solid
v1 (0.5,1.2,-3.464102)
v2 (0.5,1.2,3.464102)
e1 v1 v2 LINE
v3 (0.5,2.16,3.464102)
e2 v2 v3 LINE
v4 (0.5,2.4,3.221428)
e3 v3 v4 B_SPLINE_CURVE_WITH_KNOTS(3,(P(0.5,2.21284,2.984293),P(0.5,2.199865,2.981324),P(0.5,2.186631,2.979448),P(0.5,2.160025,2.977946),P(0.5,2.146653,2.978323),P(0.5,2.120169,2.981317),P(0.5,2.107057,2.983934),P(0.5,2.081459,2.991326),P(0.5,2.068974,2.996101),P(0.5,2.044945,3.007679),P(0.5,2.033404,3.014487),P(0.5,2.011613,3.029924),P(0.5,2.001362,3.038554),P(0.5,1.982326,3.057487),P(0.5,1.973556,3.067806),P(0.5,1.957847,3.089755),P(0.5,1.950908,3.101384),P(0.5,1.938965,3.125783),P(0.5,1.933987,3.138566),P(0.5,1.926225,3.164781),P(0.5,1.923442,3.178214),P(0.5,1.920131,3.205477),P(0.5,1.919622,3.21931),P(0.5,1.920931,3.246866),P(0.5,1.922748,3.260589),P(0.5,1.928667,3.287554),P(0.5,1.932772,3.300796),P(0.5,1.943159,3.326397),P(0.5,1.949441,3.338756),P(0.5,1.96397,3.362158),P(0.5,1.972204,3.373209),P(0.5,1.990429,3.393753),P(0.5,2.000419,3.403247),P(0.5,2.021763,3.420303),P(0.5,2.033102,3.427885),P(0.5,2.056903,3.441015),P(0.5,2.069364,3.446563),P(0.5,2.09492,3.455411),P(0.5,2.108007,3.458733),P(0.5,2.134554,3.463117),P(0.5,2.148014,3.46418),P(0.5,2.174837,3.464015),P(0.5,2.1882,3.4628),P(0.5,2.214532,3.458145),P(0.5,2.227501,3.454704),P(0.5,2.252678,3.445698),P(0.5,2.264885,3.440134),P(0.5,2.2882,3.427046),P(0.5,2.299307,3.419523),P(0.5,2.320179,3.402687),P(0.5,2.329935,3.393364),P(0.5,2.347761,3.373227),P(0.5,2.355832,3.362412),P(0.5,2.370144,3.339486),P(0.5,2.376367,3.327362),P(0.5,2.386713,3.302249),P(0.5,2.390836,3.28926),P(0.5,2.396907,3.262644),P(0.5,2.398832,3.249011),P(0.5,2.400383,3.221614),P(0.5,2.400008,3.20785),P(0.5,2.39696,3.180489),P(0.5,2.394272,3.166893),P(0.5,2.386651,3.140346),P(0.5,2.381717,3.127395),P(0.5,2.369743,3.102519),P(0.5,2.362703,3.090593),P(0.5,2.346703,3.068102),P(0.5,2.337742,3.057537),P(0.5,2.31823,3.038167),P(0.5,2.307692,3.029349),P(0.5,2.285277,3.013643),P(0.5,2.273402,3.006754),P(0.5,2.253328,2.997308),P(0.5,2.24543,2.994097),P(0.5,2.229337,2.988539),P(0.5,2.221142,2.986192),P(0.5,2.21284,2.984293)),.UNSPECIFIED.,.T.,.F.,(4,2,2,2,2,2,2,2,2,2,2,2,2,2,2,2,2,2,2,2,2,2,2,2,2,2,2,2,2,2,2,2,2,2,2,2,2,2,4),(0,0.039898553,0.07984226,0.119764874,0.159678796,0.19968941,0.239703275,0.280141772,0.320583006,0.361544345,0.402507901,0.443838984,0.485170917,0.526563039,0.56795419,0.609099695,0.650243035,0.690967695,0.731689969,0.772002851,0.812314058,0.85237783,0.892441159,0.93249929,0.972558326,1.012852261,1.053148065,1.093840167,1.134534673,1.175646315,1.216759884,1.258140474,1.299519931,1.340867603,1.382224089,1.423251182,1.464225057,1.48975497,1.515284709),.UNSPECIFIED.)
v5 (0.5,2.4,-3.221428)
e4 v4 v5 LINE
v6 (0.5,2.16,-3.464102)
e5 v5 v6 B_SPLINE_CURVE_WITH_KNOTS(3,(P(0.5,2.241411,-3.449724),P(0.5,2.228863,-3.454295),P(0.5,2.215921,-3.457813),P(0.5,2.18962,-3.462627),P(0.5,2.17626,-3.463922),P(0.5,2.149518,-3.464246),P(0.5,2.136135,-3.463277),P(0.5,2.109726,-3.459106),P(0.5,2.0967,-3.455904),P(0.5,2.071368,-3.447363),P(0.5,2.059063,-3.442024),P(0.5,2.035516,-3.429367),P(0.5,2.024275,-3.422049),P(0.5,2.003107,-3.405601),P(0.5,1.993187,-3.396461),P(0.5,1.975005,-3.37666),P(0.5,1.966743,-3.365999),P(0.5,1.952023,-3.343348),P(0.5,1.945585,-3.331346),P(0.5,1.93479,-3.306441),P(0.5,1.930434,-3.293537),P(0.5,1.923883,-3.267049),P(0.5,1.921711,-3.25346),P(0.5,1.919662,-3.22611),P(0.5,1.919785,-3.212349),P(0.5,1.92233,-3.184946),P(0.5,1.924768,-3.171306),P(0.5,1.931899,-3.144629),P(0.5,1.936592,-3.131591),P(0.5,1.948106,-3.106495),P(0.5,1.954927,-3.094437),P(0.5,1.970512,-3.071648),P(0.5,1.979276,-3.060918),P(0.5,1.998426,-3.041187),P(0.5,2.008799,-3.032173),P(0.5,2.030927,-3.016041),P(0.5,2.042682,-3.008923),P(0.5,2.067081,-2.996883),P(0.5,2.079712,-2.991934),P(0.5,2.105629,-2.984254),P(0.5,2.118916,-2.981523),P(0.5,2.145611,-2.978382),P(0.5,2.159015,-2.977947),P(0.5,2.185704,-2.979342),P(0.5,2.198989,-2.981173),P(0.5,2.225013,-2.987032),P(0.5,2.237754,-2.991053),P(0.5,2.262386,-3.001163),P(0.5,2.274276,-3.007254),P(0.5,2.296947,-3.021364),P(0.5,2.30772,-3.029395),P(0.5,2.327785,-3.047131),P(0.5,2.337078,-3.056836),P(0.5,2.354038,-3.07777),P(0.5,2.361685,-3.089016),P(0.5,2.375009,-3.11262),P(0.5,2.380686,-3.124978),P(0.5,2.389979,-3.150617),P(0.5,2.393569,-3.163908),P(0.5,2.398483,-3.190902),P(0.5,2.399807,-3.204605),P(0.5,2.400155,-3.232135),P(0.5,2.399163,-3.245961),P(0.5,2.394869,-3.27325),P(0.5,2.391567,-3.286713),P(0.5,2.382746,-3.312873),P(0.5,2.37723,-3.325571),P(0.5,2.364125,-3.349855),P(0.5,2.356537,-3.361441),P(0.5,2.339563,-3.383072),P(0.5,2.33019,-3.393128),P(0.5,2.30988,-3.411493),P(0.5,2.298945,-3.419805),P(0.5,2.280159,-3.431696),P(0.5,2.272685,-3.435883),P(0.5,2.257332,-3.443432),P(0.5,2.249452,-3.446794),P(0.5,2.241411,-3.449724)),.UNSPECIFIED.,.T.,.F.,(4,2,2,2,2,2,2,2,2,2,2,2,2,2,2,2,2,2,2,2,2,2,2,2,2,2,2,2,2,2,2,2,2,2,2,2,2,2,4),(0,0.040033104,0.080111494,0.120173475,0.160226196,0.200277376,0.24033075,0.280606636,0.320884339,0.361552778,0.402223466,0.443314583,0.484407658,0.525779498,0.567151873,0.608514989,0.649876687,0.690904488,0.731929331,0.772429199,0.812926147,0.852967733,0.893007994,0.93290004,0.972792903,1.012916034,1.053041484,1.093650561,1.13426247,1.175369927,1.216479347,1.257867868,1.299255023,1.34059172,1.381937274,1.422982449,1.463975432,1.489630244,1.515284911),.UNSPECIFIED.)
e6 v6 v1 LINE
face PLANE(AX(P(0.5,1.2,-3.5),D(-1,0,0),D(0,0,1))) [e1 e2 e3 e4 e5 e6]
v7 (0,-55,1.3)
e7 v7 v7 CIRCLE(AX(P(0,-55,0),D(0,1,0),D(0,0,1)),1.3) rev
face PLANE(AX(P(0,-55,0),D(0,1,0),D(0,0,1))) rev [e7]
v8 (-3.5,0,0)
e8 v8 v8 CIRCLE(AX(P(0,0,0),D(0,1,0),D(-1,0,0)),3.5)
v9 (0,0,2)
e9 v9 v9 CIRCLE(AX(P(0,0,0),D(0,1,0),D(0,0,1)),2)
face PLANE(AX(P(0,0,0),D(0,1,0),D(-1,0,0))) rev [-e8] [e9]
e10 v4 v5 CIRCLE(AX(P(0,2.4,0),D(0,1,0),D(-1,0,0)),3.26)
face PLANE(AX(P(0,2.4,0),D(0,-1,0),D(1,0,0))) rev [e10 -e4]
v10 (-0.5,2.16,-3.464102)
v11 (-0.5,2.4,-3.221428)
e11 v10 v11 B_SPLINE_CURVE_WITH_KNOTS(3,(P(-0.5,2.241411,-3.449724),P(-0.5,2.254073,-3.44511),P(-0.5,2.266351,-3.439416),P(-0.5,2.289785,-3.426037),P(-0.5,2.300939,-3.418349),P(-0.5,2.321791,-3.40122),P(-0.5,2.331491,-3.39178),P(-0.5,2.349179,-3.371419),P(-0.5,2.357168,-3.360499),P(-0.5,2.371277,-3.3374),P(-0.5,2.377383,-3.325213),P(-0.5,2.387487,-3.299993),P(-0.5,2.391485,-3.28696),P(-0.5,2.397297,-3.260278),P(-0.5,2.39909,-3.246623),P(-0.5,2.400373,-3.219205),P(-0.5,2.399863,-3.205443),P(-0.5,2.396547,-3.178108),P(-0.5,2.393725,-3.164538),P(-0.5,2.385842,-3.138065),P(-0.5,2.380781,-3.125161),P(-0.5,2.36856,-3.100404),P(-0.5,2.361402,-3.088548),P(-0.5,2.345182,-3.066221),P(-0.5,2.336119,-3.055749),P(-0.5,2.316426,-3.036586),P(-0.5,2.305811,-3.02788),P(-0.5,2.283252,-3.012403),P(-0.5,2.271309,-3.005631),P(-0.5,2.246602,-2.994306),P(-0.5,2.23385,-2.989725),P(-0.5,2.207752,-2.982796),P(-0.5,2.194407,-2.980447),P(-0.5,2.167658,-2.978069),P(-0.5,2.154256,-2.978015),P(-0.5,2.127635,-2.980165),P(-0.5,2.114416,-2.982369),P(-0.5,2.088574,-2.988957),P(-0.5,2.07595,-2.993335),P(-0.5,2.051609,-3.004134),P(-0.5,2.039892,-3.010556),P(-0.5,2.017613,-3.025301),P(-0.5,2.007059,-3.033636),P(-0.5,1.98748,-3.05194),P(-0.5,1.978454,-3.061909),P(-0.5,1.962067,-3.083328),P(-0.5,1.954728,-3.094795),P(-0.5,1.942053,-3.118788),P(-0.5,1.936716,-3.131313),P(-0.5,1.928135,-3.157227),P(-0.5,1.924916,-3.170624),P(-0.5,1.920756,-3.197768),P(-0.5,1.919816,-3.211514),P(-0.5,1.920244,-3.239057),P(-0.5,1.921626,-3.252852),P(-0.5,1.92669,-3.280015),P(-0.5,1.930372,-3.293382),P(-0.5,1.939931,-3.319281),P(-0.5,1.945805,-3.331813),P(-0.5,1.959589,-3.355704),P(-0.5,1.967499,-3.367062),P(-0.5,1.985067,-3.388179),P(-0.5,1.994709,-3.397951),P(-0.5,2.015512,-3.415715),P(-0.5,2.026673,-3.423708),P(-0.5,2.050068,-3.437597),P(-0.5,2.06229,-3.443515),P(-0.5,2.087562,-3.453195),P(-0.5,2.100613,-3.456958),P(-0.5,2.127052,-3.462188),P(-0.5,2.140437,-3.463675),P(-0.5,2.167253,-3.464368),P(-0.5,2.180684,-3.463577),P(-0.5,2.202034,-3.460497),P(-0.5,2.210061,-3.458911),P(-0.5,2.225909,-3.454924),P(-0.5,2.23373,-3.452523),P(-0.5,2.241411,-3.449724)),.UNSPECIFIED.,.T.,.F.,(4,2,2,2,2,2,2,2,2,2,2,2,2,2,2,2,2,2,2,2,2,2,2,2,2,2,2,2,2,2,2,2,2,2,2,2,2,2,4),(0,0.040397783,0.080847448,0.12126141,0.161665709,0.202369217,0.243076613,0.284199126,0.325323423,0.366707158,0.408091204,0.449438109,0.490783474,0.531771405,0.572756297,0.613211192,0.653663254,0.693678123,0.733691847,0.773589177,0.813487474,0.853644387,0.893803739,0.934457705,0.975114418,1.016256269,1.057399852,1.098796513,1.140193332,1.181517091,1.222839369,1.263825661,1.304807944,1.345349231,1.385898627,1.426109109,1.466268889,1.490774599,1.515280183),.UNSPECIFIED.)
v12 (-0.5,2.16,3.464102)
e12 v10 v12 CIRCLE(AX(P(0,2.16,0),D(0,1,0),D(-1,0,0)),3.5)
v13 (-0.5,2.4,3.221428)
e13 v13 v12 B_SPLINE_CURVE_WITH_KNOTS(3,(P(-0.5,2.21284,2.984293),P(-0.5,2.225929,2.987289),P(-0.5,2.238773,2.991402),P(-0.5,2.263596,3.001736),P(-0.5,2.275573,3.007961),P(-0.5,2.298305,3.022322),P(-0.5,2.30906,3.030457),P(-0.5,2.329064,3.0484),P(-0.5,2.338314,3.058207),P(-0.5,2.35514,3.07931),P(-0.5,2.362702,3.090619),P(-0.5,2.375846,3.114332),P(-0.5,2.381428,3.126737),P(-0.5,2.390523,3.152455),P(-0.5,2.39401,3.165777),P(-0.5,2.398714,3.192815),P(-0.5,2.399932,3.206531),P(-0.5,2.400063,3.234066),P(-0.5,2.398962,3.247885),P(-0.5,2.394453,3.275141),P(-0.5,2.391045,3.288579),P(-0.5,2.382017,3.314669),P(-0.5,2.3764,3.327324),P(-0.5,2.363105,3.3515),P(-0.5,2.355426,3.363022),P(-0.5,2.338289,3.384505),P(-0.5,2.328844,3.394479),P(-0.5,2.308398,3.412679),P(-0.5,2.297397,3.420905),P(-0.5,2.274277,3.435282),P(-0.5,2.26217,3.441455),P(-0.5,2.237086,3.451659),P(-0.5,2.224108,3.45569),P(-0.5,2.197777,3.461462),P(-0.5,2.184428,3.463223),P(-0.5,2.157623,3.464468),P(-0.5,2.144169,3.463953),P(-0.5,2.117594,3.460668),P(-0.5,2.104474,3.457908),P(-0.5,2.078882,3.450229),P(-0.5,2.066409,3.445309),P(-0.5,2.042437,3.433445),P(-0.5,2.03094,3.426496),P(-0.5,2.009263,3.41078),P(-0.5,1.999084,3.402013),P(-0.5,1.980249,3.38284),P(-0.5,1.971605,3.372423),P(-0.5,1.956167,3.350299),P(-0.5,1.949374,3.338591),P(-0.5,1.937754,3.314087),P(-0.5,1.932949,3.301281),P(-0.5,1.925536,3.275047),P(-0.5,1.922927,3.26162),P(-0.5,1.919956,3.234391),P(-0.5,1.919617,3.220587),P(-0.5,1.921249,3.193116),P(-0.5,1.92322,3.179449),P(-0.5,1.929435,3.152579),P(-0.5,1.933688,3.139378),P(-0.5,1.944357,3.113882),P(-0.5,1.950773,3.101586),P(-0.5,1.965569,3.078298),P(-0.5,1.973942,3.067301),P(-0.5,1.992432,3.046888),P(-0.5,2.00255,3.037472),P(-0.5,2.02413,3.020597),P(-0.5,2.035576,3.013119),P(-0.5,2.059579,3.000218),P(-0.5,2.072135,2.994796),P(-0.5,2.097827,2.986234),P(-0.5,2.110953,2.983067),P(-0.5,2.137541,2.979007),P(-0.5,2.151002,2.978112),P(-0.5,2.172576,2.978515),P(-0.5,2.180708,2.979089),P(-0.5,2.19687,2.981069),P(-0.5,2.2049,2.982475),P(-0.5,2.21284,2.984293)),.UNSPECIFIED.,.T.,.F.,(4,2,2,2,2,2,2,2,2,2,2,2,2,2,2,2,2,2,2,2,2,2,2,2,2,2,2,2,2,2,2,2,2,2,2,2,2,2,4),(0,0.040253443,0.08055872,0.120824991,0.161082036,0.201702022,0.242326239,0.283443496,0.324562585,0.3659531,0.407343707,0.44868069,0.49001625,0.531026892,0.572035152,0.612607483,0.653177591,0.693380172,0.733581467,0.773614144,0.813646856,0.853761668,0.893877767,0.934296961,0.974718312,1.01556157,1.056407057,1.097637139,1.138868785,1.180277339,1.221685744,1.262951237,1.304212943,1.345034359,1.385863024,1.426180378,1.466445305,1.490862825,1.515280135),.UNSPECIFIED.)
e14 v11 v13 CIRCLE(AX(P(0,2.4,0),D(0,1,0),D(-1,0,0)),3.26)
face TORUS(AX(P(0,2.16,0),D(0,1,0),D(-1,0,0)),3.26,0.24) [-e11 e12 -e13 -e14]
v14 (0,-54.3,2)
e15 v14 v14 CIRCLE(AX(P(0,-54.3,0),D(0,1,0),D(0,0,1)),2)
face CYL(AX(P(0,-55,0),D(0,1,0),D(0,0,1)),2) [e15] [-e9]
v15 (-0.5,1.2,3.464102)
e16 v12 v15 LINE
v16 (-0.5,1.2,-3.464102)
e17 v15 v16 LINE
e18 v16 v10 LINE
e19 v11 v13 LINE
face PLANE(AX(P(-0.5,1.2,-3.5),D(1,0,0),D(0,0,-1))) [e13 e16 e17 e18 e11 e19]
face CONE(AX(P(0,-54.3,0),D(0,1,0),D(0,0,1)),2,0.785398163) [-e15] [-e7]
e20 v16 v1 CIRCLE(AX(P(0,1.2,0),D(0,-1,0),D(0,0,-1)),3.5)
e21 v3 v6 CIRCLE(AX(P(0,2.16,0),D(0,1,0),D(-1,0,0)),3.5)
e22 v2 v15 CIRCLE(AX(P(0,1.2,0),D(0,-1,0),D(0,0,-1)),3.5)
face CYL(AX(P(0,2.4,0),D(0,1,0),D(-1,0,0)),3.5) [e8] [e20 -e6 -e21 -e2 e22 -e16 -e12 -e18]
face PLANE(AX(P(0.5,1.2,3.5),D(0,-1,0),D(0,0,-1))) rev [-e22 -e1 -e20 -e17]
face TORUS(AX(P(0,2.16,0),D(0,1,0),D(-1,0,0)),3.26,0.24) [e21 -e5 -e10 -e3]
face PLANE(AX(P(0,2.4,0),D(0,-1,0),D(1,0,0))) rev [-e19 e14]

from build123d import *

# Parameters (mm, degrees)
ESQUISSE1_R             = 2
TIGE_DEPTH              = 55
CHANFREIN_D_ENTR_E_SIZE = 0.7
ESQUISSE3_W             = 1
ESQUISSE3_H             = 7
FENTE_DEPTH             = 1.2


with BuildPart() as part:
    # Esquisse1 → Tige (new body)
    with BuildSketch(Plane(origin=(0, 0, 0), x_dir=(1, 0, 0), z_dir=(0, 1, 0))):
        Circle(ESQUISSE1_R)
    extrude(amount=-TIGE_DEPTH)

    # Chanfrein d'entrée
    chanfrein_d_entr_e_edges = [part.edges().sort_by_distance(p)[0] for p in [
        (-2, -55, 0),
    ]]
    chamfer(chanfrein_d_entr_e_edges, length=CHANFREIN_D_ENTR_E_SIZE)

    # Esquisse2 → Tête (revolve)
    with BuildSketch(Plane.XY):
        with BuildLine():
            Line((0, 0), (3.5, 0))
            Line((3.5, 0), (3.5, 2.16))
            ThreePointArc((3.5, 2.16), (3.429705627, 2.329705627), (3.26, 2.4))
            Line((3.26, 2.4), (0, 2.4))
            Line((0, 2.4), (0, 0))
        make_face()
    revolve(axis=Axis((0, 2.4, 0), (0, -1, 0)))

    # Esquisse3 → Fente (cut)
    with BuildSketch(Plane(origin=(0, 2.4, -1.8), x_dir=(1, 0, 0), z_dir=(0, -1, 0))):
        with Locations((0, 1.8)):
            Rectangle(ESQUISSE3_W, ESQUISSE3_H)
    extrude(amount=FENTE_DEPTH, mode=Mode.SUBTRACT)


solid = part.part
